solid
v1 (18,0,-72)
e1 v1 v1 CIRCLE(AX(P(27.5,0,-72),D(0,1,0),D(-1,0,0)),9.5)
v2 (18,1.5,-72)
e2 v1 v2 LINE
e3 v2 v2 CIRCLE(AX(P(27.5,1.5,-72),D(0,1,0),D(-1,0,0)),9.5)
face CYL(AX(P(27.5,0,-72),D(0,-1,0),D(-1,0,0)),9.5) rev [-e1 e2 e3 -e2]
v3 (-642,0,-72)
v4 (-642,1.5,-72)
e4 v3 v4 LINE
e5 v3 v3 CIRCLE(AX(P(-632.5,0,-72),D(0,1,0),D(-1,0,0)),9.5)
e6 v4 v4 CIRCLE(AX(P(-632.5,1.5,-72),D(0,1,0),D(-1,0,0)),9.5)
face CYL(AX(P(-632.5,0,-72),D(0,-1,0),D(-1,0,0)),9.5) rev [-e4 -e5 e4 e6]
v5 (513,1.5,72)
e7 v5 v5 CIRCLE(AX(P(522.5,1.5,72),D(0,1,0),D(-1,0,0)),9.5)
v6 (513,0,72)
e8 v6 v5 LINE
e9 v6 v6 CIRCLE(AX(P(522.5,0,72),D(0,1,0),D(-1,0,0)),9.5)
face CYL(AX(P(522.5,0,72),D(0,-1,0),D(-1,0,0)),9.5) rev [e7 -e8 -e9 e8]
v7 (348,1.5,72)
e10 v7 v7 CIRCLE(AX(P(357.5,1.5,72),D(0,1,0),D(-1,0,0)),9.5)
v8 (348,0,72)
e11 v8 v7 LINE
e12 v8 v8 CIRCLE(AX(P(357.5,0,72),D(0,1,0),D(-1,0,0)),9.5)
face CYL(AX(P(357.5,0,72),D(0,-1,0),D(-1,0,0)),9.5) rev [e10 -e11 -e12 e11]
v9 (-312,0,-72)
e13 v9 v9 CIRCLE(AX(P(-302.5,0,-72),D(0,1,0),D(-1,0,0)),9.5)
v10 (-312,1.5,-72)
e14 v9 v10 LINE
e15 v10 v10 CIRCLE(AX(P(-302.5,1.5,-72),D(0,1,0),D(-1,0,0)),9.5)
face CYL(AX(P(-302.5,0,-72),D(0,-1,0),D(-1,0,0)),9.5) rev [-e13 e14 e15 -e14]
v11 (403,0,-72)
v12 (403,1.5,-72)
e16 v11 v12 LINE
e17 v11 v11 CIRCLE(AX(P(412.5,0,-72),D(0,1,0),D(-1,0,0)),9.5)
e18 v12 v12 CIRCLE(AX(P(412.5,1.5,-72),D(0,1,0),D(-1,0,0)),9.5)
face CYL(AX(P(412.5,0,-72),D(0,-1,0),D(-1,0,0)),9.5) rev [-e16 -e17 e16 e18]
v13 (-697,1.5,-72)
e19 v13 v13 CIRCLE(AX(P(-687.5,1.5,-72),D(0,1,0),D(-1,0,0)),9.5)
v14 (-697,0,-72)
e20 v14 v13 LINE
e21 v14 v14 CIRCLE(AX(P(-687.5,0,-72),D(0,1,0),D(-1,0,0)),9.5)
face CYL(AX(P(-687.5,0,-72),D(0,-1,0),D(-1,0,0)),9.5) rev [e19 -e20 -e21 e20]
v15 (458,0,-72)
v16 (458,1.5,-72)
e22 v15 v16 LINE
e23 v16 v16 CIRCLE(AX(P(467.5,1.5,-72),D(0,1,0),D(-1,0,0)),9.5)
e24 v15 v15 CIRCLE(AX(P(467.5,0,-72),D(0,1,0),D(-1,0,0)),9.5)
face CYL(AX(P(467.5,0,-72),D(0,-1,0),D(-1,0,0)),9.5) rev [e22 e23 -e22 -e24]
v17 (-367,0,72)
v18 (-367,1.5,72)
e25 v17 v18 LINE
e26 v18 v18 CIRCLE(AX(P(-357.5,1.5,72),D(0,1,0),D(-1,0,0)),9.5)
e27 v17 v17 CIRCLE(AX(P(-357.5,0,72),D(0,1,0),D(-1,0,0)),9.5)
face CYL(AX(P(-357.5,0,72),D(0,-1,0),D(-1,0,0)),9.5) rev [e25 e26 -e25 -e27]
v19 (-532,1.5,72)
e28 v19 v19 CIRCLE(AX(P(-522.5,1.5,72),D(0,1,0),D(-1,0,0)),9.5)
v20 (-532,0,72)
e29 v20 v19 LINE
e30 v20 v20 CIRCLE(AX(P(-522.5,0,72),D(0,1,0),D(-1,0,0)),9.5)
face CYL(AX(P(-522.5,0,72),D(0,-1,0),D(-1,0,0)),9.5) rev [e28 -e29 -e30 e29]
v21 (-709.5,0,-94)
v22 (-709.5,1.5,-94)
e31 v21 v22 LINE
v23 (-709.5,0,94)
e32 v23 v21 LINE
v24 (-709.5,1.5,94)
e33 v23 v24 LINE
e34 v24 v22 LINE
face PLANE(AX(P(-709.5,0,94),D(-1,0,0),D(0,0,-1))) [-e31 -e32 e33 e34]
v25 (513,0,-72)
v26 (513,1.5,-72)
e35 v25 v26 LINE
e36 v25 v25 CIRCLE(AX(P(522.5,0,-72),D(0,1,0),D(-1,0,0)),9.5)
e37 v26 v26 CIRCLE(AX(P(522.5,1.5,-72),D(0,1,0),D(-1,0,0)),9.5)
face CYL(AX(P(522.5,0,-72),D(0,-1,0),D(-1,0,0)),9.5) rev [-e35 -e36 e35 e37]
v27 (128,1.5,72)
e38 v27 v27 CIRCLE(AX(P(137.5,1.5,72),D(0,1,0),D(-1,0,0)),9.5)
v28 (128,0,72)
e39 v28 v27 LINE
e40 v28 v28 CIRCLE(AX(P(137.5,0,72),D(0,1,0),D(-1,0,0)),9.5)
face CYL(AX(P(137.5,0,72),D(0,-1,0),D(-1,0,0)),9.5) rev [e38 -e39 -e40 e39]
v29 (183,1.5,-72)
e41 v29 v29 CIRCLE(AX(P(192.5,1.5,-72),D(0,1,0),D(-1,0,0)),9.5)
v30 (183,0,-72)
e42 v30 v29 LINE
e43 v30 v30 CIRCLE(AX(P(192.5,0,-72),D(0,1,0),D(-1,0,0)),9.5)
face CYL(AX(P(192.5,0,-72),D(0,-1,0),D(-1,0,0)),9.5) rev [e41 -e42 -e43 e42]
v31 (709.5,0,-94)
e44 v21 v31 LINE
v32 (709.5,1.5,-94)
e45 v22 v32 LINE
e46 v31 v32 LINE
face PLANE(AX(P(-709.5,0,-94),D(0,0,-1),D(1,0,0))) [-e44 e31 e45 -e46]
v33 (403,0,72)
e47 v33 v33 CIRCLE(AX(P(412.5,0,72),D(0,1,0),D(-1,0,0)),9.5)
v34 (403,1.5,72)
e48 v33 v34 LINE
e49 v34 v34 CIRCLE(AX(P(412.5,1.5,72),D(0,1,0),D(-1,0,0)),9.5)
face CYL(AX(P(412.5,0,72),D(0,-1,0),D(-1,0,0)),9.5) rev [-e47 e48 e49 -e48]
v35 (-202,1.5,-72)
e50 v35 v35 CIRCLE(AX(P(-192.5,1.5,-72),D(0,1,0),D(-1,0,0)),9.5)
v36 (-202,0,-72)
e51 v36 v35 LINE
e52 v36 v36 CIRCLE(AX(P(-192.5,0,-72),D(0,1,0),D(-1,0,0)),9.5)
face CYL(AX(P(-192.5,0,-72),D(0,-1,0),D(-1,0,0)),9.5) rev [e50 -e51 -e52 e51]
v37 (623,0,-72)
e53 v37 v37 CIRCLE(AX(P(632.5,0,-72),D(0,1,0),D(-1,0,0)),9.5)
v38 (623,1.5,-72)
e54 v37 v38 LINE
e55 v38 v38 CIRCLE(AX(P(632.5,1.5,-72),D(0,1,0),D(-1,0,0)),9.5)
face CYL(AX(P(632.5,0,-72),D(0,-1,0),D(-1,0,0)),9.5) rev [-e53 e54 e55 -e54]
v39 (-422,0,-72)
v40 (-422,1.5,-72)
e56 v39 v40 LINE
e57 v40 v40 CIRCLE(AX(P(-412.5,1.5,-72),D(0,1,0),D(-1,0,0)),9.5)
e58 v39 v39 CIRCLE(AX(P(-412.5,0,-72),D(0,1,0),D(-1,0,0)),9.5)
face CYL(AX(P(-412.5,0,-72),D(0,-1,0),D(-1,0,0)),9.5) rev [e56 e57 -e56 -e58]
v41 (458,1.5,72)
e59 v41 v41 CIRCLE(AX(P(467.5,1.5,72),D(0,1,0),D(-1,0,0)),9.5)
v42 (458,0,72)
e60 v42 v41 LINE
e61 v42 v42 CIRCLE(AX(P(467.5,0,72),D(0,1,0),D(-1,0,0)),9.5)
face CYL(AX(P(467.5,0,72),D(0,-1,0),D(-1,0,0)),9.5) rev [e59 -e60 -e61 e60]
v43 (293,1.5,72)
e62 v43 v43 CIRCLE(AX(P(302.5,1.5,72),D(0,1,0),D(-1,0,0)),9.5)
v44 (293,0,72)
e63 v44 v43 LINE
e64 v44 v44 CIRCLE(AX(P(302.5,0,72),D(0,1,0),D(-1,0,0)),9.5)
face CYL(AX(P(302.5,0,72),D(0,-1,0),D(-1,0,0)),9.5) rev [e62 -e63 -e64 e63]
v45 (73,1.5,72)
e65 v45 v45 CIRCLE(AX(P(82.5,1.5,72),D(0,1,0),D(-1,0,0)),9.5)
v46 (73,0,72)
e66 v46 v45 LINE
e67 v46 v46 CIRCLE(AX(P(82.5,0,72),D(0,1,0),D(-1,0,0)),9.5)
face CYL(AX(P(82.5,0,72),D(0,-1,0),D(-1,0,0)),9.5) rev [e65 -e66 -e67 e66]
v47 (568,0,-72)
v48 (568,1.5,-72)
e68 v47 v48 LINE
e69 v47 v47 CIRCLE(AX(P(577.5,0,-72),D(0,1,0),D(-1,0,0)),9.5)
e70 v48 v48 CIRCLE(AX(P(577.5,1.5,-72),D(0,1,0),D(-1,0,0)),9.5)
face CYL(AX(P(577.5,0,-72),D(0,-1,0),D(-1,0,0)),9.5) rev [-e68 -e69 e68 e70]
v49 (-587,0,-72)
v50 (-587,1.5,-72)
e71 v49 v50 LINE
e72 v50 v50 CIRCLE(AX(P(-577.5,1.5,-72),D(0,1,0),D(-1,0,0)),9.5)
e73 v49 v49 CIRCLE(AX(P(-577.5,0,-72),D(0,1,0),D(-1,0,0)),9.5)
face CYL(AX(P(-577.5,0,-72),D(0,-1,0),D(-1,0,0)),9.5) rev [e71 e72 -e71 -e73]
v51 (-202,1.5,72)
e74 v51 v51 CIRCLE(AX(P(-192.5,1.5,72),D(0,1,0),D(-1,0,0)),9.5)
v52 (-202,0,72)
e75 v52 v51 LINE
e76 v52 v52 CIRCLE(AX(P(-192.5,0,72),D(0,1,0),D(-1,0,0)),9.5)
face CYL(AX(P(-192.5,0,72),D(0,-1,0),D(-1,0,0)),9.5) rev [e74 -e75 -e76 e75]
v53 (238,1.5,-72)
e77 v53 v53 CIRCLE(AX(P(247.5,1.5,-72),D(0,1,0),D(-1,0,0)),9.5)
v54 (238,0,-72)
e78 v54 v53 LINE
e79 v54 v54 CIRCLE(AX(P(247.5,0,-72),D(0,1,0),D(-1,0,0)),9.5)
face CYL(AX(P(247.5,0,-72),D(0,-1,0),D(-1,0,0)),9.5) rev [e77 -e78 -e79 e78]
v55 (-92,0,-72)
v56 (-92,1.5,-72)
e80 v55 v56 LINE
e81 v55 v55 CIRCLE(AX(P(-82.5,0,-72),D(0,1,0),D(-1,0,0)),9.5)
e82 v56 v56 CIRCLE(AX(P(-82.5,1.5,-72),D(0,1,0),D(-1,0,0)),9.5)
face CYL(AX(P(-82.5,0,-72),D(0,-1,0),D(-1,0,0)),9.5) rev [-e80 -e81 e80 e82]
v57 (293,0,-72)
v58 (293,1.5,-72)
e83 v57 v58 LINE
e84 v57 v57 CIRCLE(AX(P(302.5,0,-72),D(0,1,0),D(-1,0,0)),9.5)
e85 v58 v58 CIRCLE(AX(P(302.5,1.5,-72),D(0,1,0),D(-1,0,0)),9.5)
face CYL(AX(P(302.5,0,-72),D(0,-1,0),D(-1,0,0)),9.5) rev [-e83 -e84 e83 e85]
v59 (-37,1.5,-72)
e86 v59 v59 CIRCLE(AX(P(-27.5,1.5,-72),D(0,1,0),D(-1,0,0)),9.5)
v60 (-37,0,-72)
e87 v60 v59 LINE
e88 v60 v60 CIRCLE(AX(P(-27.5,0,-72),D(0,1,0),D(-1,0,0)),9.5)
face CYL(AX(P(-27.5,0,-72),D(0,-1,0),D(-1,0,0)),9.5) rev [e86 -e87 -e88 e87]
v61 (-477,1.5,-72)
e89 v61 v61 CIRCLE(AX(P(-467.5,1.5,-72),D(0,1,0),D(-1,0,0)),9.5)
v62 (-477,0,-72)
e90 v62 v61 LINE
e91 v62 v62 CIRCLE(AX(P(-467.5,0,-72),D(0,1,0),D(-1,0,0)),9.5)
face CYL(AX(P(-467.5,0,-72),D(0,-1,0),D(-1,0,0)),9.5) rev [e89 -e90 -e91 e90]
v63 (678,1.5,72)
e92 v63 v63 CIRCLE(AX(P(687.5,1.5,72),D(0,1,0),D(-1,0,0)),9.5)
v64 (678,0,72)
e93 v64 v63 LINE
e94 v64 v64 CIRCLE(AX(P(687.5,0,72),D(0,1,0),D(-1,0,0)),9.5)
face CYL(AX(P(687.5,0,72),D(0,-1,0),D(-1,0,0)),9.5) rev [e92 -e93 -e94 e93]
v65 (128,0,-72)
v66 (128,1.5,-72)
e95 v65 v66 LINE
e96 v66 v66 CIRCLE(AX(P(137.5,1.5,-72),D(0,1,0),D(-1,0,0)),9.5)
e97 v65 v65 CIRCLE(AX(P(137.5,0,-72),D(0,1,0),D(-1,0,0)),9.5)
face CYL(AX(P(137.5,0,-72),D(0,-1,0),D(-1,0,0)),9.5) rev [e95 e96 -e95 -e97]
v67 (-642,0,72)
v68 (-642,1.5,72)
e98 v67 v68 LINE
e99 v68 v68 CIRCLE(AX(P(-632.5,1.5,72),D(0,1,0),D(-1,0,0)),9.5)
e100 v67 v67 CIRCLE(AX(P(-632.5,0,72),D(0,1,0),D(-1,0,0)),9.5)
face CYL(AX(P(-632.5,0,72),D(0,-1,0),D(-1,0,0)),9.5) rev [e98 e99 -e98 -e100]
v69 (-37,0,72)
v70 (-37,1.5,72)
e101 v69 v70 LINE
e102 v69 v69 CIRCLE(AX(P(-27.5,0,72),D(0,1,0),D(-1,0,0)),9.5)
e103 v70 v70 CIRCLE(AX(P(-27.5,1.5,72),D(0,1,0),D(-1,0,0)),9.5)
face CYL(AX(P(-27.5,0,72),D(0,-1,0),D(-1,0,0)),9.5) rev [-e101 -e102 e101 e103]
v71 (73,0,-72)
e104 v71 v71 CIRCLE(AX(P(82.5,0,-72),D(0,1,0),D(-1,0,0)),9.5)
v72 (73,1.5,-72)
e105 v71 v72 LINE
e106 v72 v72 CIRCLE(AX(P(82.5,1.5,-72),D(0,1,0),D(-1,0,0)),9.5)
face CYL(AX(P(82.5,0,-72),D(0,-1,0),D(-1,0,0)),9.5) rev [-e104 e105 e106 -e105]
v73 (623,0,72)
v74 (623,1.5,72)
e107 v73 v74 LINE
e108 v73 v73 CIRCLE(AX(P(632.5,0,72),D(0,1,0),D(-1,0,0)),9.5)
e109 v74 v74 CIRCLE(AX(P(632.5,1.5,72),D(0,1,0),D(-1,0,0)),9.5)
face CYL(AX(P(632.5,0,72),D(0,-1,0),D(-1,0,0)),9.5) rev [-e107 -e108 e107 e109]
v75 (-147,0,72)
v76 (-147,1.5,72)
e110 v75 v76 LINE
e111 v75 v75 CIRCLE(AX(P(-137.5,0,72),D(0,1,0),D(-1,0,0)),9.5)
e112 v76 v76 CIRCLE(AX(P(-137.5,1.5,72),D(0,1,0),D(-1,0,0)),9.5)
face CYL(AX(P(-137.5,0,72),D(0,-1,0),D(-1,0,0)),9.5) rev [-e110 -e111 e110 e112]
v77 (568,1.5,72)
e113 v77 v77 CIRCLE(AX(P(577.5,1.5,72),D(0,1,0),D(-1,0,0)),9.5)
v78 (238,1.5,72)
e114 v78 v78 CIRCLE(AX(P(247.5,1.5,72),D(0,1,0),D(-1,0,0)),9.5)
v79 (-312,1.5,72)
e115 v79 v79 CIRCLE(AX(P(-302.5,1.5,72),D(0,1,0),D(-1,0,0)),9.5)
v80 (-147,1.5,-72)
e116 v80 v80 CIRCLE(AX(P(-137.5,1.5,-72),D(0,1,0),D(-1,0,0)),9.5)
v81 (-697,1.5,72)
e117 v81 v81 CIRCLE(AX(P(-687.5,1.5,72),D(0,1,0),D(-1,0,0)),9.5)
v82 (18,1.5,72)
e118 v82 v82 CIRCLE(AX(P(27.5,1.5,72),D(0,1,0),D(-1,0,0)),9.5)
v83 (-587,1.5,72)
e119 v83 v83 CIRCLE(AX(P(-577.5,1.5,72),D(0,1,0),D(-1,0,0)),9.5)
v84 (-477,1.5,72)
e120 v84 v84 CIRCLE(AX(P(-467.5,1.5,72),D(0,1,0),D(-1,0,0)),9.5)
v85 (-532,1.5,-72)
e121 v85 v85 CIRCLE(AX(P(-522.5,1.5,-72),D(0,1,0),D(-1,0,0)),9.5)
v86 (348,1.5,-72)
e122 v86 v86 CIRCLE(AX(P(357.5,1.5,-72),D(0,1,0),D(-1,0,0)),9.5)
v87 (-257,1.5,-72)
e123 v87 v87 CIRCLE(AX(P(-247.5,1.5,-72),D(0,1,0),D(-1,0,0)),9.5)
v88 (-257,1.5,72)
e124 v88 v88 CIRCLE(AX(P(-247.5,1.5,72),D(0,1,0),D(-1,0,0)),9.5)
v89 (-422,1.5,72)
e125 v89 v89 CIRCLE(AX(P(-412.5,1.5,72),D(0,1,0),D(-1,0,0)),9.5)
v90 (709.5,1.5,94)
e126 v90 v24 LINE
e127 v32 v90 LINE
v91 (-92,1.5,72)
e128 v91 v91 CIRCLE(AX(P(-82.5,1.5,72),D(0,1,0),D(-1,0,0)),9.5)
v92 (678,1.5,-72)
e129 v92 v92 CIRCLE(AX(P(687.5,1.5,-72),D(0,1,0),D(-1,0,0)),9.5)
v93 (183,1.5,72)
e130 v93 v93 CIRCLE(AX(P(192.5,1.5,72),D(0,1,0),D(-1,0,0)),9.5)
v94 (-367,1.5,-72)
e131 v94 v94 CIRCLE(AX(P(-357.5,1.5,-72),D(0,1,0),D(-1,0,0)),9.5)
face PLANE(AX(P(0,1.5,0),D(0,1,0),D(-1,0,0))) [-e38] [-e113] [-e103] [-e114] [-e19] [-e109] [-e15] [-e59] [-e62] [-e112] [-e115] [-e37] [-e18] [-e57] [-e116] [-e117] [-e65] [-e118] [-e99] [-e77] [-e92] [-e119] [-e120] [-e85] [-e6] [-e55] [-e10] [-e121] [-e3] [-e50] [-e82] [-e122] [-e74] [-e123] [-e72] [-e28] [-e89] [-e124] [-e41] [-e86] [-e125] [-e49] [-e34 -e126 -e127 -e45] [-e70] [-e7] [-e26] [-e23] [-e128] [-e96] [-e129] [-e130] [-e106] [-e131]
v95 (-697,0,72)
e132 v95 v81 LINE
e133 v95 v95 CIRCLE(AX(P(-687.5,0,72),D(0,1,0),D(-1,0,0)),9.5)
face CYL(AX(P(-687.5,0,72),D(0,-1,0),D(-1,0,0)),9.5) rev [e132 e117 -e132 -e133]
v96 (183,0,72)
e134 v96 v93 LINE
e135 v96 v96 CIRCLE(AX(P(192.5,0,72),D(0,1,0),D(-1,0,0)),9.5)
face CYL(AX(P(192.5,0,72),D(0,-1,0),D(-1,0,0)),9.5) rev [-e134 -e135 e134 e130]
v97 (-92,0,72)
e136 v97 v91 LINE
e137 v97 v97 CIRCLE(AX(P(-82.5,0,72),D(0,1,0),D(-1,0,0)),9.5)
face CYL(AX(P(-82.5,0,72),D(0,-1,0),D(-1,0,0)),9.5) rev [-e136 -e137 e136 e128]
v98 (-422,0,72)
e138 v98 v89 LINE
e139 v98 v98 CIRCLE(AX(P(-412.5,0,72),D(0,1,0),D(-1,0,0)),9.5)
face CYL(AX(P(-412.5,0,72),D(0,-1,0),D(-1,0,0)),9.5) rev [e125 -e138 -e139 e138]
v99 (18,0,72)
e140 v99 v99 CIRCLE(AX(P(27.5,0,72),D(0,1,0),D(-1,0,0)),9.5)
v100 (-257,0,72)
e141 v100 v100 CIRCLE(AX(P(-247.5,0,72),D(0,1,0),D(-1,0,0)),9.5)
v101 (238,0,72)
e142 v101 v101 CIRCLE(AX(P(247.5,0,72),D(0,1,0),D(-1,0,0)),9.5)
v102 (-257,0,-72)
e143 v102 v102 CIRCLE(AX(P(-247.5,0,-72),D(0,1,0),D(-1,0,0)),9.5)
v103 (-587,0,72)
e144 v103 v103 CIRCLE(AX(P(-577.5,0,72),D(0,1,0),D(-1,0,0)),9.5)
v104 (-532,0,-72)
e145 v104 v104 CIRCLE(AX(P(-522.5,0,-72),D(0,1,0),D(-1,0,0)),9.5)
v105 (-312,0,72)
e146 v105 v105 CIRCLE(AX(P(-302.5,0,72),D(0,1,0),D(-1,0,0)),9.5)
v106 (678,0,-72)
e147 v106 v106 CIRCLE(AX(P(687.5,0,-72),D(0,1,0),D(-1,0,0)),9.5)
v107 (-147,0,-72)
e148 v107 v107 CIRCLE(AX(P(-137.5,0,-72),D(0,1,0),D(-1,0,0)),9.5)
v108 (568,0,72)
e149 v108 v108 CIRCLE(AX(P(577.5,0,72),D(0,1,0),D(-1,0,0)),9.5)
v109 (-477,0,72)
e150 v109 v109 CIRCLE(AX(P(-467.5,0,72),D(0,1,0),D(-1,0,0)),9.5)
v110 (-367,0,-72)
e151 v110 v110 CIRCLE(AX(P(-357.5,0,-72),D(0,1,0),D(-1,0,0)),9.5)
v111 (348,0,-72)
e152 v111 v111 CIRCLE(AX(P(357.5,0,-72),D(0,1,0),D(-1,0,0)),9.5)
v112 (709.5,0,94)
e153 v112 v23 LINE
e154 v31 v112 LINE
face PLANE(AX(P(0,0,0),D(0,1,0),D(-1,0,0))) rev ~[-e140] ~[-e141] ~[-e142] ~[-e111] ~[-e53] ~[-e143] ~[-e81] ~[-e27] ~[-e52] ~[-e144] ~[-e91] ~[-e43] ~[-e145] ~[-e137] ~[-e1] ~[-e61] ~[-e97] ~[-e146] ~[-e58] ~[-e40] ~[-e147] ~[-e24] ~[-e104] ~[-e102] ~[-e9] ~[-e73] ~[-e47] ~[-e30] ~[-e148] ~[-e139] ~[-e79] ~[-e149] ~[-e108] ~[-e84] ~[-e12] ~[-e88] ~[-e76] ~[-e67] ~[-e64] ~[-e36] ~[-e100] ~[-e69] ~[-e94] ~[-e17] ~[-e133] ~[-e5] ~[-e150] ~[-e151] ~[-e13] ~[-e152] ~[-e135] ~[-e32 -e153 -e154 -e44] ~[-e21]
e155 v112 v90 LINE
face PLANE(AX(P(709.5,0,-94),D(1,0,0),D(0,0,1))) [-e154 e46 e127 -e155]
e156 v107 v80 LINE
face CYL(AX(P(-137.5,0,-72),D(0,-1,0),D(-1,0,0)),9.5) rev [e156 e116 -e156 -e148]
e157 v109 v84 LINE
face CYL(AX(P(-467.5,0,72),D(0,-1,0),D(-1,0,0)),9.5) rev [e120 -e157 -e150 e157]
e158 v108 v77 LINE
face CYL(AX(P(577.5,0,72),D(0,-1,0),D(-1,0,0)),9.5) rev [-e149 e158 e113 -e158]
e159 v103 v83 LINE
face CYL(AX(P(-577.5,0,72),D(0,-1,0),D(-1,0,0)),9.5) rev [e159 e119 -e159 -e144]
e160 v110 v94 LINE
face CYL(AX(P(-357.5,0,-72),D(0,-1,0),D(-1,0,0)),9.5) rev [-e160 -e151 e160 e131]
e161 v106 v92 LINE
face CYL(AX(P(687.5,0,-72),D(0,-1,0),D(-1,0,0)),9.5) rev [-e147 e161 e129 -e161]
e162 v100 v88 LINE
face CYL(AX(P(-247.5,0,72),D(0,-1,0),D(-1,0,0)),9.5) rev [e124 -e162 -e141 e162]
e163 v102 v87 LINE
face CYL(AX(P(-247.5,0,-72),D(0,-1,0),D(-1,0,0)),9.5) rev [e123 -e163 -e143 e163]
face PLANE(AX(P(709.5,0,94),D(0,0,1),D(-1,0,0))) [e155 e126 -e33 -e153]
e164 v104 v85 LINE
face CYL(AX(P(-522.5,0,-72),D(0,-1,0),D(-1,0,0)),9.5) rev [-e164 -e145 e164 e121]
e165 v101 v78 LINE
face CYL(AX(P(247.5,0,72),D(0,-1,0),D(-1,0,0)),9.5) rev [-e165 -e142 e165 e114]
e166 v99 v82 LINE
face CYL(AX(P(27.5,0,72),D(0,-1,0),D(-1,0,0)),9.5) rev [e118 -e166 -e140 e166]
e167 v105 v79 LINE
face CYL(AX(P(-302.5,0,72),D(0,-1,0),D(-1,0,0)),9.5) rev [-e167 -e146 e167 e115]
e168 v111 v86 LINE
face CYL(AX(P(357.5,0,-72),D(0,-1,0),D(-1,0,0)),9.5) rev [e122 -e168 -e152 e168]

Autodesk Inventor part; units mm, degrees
ref_plane "YZ Plane" through (0, 0, 0) normal (1, 0, 0) x (0, 1, 0)
ref_plane "XZ Plane" through (0, 0, 0) normal (0, 1, 0) x (-1, 0, 0)
ref_plane "XY Plane" through (0, 0, 0) normal (0, 0, 1) x (1, 0, 0)
sketch "Foam Scheme" plane through (0, 0, 0) normal (0, 1, 0) x (-1, 0, 0)
  line L0 (709.5, -94) -> (-709.5, -94)
  line L1 (-709.5, -94) -> (-709.5, 94)
  line L2 (-709.5, 94) -> (709.5, 94)
  line L3 (709.5, 94) -> (709.5, -94)
  circle A0 centre (687.5, -72) radius 9.5
  circle A1 centre (632.5, -72) radius 9.5
  circle A2 centre (577.5, -72) radius 9.5
  circle A3 centre (522.5, -72) radius 9.5
  circle A4 centre (467.5, -72) radius 9.5
  circle A5 centre (412.5, -72) radius 9.5
  circle A6 centre (357.5, -72) radius 9.5
  circle A7 centre (302.5, -72) radius 9.5
  circle A8 centre (247.5, -72) radius 9.5
  circle A9 centre (192.5, -72) radius 9.5
  circle A10 centre (137.5, -72) radius 9.5
  circle A11 centre (82.5, -72) radius 9.5
  circle A12 centre (27.5, -72) radius 9.5
  circle A13 centre (-27.5, -72) radius 9.5
  circle A14 centre (-82.5, -72) radius 9.5
  circle A15 centre (-137.5, -72) radius 9.5
  circle A16 centre (-192.5, -72) radius 9.5
  circle A17 centre (-247.5, -72) radius 9.5
  circle A18 centre (687.5, 72) radius 9.5
  circle A19 centre (632.5, 72) radius 9.5
  circle A20 centre (577.5, 72) radius 9.5
  circle A21 centre (522.5, 72) radius 9.5
  circle A22 centre (467.5, 72) radius 9.5
  circle A23 centre (412.5, 72) radius 9.5
  circle A24 centre (357.5, 72) radius 9.5
  circle A25 centre (302.5, 72) radius 9.5
  circle A26 centre (247.5, 72) radius 9.5
  circle A27 centre (192.5, 72) radius 9.5
  circle A28 centre (137.5, 72) radius 9.5
  circle A29 centre (82.5, 72) radius 9.5
  circle A30 centre (27.5, 72) radius 9.5
  circle A31 centre (-27.5, 72) radius 9.5
  circle A32 centre (-82.5, 72) radius 9.5
  circle A33 centre (-137.5, 72) radius 9.5
  circle A34 centre (-192.5, 72) radius 9.5
  circle A35 centre (-247.5, 72) radius 9.5
  circle A36 centre (-302.5, -72) radius 9.5
  circle A37 centre (-302.5, 72) radius 9.5
  circle A38 centre (-357.5, -72) radius 9.5
  circle A39 centre (-357.5, 72) radius 9.5
  circle A40 centre (-412.5, -72) radius 9.5
  circle A41 centre (-412.5, 72) radius 9.5
  circle A42 centre (-467.5, -72) radius 9.5
  circle A43 centre (-467.5, 72) radius 9.5
  circle A44 centre (-522.5, -72) radius 9.5
  circle A45 centre (-522.5, 72) radius 9.5
  circle A46 centre (-577.5, -72) radius 9.5
  circle A47 centre (-577.5, 72) radius 9.5
  circle A48 centre (-632.5, -72) radius 9.5
  circle A49 centre (-632.5, 72) radius 9.5
  circle A50 centre (-687.5, -72) radius 9.5
  circle A51 centre (-687.5, 72) radius 9.5
  point P0 (0, 0)
  dimension "d0" = 1419
  dimension "d1" = 709.5
  dimension "d2" = 188
  dimension "d3" = 94
  dimension "d4" = 19
  dimension "d5" = 22
  dimension "d6" = 22
  dimension "d9" = 55
  dimension "d12" = 144
extrude "Foam Body" add sketch "Foam Scheme" along normal blind 1.5
equation "\"d1\" = 0.5 * d0"
equation "\"d3\" = 0.5 * d2"
properties part number "Foam NPS 14" material "Rubber, Silicone"
